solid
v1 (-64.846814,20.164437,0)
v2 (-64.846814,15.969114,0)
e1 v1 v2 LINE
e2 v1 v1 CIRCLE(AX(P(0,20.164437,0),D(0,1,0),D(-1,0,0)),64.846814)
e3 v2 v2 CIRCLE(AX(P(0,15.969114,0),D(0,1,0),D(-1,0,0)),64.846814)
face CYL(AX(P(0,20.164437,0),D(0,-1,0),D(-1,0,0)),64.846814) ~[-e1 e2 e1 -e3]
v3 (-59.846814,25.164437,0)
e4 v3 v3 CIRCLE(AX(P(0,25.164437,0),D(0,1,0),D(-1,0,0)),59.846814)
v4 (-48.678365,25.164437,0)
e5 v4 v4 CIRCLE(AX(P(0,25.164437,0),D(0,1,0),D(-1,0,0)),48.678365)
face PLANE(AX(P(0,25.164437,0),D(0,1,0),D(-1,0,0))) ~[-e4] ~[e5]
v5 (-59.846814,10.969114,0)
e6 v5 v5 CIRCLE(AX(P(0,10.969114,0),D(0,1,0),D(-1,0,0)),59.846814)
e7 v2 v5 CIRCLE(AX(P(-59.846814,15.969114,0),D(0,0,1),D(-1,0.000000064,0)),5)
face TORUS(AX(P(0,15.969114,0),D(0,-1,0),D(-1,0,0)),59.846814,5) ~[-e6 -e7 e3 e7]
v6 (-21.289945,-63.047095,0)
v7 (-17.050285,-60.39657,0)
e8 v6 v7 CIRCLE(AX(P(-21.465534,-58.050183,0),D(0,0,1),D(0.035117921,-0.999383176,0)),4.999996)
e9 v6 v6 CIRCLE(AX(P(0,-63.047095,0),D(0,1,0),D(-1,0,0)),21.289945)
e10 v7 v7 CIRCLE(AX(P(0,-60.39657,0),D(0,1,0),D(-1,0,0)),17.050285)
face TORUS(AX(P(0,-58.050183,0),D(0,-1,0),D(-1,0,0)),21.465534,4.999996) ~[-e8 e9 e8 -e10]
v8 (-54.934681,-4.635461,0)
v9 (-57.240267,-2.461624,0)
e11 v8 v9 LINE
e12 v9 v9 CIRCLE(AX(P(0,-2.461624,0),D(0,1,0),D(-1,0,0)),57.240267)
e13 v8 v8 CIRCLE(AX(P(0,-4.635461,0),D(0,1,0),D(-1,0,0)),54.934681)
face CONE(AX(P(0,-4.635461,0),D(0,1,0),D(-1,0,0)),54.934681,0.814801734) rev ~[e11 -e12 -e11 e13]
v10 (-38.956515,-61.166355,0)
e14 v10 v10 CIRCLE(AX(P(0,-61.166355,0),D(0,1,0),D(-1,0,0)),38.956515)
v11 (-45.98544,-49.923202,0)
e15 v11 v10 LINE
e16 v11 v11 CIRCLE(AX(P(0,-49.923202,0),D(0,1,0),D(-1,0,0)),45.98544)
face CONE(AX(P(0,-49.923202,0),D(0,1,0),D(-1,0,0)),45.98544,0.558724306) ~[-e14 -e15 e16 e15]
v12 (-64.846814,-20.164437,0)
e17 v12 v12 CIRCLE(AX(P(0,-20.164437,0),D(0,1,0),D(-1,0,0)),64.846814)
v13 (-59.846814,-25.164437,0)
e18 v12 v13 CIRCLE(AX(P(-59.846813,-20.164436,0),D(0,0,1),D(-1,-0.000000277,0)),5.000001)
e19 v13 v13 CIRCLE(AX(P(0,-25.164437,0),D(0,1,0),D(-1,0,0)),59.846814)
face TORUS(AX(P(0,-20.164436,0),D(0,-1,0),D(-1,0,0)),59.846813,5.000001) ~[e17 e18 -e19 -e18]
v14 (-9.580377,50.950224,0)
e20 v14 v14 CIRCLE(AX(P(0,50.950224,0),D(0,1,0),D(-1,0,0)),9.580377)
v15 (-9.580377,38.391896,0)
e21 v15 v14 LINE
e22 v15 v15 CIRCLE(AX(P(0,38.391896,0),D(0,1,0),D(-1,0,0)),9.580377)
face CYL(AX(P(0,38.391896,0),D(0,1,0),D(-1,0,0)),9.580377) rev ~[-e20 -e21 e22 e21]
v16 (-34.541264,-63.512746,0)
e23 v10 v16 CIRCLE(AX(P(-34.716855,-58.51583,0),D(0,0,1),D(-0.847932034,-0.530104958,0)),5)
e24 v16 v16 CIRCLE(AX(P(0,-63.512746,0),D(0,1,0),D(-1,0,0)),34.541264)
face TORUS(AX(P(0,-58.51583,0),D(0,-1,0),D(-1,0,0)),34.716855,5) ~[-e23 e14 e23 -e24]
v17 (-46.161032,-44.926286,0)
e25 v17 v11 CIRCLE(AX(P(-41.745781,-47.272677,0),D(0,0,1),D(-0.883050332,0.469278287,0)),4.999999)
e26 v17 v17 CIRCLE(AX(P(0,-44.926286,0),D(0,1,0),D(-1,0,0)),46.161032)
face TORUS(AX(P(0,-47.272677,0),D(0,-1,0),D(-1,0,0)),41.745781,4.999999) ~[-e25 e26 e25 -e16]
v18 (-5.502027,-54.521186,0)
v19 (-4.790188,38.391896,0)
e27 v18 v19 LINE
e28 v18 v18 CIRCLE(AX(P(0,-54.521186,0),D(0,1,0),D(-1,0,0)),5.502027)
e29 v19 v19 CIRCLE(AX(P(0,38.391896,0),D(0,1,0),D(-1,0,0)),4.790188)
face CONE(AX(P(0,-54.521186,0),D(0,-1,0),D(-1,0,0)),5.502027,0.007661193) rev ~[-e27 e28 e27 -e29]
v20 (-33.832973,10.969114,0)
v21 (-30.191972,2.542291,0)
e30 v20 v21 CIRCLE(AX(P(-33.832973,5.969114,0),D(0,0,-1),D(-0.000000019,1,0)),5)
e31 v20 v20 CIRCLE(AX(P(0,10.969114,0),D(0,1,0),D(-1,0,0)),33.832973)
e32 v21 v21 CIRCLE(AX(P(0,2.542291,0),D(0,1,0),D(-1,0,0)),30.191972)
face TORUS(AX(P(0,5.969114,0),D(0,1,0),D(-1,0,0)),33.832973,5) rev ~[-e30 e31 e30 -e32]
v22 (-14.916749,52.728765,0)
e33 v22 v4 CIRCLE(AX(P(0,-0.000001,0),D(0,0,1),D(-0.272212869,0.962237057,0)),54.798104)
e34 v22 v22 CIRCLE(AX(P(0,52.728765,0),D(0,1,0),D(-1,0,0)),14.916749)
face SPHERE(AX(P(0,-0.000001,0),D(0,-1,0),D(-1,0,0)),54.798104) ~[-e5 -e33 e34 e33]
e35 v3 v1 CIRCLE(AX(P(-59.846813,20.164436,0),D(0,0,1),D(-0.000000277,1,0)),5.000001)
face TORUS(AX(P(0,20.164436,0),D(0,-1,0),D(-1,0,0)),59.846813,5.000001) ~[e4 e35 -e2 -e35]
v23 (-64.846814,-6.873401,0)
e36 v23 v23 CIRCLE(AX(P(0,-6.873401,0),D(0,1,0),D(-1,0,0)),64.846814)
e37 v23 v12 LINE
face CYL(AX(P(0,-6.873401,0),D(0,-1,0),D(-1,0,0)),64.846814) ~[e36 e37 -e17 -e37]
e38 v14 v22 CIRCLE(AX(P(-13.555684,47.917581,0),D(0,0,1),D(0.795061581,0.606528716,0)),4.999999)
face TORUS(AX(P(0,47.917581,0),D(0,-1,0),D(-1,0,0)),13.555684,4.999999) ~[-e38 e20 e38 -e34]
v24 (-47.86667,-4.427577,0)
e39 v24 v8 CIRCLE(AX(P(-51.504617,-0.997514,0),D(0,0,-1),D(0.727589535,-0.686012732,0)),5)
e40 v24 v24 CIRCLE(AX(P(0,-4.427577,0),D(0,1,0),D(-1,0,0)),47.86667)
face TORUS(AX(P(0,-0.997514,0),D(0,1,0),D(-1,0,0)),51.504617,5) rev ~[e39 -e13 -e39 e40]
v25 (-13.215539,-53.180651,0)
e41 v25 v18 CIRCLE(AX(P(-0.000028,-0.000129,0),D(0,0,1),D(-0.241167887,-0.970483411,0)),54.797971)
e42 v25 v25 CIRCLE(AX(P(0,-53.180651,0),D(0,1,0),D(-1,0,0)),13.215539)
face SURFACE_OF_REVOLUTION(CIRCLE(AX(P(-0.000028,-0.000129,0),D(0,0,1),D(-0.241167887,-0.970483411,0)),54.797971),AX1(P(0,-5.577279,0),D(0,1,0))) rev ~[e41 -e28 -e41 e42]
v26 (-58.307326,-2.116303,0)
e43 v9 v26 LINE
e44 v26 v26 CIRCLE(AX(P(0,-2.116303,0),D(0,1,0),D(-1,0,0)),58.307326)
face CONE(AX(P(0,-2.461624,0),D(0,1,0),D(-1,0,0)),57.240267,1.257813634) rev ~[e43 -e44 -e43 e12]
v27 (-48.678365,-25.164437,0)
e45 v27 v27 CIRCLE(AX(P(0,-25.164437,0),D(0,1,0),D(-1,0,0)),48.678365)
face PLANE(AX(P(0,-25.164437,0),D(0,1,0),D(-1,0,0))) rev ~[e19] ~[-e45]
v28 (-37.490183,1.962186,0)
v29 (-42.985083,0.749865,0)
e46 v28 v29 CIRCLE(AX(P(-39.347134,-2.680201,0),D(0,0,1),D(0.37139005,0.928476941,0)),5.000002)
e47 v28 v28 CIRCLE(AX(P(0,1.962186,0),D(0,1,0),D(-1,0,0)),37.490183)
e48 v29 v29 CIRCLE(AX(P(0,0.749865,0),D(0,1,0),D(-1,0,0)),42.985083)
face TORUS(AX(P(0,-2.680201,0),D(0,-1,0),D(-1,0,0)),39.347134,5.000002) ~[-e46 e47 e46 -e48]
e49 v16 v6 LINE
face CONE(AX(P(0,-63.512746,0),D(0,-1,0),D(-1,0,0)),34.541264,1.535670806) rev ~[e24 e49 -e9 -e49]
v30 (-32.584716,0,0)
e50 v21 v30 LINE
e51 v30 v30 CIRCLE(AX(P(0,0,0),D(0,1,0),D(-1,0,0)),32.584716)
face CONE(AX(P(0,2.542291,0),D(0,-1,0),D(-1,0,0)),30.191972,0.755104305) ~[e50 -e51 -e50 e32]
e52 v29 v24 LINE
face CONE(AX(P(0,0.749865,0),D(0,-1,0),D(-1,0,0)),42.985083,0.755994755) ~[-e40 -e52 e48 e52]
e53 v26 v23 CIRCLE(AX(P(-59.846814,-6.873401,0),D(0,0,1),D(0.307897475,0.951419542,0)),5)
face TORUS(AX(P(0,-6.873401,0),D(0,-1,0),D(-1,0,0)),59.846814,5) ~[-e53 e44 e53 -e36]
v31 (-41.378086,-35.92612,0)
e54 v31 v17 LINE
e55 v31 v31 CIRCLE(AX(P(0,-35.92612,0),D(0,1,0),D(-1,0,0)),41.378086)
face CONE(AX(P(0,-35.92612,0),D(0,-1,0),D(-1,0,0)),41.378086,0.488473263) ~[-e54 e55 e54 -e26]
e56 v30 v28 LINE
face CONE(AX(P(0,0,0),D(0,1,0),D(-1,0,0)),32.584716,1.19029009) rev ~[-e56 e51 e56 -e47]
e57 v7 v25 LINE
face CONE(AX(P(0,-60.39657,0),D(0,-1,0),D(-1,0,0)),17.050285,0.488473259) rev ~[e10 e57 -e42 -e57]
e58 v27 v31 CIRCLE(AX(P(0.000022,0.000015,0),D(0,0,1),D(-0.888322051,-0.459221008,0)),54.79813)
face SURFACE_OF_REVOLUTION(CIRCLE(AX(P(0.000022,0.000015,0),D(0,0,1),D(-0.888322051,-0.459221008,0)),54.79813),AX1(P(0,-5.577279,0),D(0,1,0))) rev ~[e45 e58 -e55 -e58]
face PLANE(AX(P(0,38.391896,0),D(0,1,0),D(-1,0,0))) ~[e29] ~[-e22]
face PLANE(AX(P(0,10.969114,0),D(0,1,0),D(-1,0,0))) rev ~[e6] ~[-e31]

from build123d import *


with BuildPart() as f1:
    # F0 (on Top) → F1 (revolve)
    with BuildSketch(Plane.XY):
        with BuildLine():
            Line((-59.846814, -25.164437), (-48.678365, -25.164437))
            ThreePointArc((-48.678365, -25.164437), (-45.348589, -30.7626), (-41.378086, -35.92612))
            Line((-41.378086, -35.92612), (-46.161032, -44.926286))
            ThreePointArc((-46.161032, -44.926286), (-46.742696, -47.448269), (-45.98544, -49.923202))
            Line((-45.98544, -49.923202), (-38.956515, -61.166355))
            ThreePointArc((-38.956515, -61.166355), (-37.063246, -62.931082), (-34.541264, -63.512746))
            Line((-34.541264, -63.512746), (-21.289945, -63.047095))
            ThreePointArc((-21.289945, -63.047095), (-18.815012, -62.28984), (-17.050285, -60.39657))
            Line((-17.050285, -60.39657), (-13.215539, -53.180651))
            ThreePointArc((-13.215539, -53.180651), (-9.382754, -53.988851), (-5.502027, -54.521186))
            Line((-5.502027, -54.521186), (-4.790188, 38.391896))
            Line((-4.790188, 38.391896), (-9.580377, 38.391896))
            Line((-9.580377, 38.391896), (-9.580377, 50.950224))
            ThreePointArc((-9.580377, 50.950224), (-11.974745, 52.661063), (-14.916749, 52.728765))
            ThreePointArc((-14.916749, 52.728765), (-34.655918, 42.447608), (-48.678365, 25.164437))
            Line((-48.678365, 25.164437), (-59.846814, 25.164437))
            ThreePointArc((-59.846814, 25.164437), (-63.382348, 23.69997), (-64.846814, 20.164437))
            Line((-64.846814, 20.164437), (-64.846814, 15.969114))
            ThreePointArc((-64.846814, 15.969114), (-63.382348, 12.43358), (-59.846814, 10.969114))
            Line((-59.846814, 10.969114), (-33.832973, 10.969114))
            ThreePointArc((-33.832973, 10.969114), (-29.243086, 7.952278), (-30.191972, 2.542291))
            Line((-30.191972, 2.542291), (-32.584716, 0))
            Line((-32.584716, 0), (-37.490183, 1.962186))
            ThreePointArc((-37.490183, 1.962186), (-40.424361, 2.202381), (-42.985083, 0.749865))
            Line((-42.985083, 0.749865), (-47.86667, -4.427577))
            ThreePointArc((-47.86667, -4.427577), (-51.357621, -5.995352), (-54.934681, -4.635461))
            Line((-54.934681, -4.635461), (-57.240267, -2.461624))
            Line((-57.240267, -2.461624), (-58.307326, -2.116303))
            ThreePointArc((-58.307326, -2.116303), (-62.78812, -2.830046), (-64.846814, -6.873401))
            Line((-64.846814, -6.873401), (-64.846814, -20.164437))
            ThreePointArc((-64.846814, -20.164437), (-63.382348, -23.69997), (-59.846814, -25.164437))
        make_face()
    revolve(axis=Axis((0, -5.577279, 0), (0, 1, 0)))


solid = f1.part
